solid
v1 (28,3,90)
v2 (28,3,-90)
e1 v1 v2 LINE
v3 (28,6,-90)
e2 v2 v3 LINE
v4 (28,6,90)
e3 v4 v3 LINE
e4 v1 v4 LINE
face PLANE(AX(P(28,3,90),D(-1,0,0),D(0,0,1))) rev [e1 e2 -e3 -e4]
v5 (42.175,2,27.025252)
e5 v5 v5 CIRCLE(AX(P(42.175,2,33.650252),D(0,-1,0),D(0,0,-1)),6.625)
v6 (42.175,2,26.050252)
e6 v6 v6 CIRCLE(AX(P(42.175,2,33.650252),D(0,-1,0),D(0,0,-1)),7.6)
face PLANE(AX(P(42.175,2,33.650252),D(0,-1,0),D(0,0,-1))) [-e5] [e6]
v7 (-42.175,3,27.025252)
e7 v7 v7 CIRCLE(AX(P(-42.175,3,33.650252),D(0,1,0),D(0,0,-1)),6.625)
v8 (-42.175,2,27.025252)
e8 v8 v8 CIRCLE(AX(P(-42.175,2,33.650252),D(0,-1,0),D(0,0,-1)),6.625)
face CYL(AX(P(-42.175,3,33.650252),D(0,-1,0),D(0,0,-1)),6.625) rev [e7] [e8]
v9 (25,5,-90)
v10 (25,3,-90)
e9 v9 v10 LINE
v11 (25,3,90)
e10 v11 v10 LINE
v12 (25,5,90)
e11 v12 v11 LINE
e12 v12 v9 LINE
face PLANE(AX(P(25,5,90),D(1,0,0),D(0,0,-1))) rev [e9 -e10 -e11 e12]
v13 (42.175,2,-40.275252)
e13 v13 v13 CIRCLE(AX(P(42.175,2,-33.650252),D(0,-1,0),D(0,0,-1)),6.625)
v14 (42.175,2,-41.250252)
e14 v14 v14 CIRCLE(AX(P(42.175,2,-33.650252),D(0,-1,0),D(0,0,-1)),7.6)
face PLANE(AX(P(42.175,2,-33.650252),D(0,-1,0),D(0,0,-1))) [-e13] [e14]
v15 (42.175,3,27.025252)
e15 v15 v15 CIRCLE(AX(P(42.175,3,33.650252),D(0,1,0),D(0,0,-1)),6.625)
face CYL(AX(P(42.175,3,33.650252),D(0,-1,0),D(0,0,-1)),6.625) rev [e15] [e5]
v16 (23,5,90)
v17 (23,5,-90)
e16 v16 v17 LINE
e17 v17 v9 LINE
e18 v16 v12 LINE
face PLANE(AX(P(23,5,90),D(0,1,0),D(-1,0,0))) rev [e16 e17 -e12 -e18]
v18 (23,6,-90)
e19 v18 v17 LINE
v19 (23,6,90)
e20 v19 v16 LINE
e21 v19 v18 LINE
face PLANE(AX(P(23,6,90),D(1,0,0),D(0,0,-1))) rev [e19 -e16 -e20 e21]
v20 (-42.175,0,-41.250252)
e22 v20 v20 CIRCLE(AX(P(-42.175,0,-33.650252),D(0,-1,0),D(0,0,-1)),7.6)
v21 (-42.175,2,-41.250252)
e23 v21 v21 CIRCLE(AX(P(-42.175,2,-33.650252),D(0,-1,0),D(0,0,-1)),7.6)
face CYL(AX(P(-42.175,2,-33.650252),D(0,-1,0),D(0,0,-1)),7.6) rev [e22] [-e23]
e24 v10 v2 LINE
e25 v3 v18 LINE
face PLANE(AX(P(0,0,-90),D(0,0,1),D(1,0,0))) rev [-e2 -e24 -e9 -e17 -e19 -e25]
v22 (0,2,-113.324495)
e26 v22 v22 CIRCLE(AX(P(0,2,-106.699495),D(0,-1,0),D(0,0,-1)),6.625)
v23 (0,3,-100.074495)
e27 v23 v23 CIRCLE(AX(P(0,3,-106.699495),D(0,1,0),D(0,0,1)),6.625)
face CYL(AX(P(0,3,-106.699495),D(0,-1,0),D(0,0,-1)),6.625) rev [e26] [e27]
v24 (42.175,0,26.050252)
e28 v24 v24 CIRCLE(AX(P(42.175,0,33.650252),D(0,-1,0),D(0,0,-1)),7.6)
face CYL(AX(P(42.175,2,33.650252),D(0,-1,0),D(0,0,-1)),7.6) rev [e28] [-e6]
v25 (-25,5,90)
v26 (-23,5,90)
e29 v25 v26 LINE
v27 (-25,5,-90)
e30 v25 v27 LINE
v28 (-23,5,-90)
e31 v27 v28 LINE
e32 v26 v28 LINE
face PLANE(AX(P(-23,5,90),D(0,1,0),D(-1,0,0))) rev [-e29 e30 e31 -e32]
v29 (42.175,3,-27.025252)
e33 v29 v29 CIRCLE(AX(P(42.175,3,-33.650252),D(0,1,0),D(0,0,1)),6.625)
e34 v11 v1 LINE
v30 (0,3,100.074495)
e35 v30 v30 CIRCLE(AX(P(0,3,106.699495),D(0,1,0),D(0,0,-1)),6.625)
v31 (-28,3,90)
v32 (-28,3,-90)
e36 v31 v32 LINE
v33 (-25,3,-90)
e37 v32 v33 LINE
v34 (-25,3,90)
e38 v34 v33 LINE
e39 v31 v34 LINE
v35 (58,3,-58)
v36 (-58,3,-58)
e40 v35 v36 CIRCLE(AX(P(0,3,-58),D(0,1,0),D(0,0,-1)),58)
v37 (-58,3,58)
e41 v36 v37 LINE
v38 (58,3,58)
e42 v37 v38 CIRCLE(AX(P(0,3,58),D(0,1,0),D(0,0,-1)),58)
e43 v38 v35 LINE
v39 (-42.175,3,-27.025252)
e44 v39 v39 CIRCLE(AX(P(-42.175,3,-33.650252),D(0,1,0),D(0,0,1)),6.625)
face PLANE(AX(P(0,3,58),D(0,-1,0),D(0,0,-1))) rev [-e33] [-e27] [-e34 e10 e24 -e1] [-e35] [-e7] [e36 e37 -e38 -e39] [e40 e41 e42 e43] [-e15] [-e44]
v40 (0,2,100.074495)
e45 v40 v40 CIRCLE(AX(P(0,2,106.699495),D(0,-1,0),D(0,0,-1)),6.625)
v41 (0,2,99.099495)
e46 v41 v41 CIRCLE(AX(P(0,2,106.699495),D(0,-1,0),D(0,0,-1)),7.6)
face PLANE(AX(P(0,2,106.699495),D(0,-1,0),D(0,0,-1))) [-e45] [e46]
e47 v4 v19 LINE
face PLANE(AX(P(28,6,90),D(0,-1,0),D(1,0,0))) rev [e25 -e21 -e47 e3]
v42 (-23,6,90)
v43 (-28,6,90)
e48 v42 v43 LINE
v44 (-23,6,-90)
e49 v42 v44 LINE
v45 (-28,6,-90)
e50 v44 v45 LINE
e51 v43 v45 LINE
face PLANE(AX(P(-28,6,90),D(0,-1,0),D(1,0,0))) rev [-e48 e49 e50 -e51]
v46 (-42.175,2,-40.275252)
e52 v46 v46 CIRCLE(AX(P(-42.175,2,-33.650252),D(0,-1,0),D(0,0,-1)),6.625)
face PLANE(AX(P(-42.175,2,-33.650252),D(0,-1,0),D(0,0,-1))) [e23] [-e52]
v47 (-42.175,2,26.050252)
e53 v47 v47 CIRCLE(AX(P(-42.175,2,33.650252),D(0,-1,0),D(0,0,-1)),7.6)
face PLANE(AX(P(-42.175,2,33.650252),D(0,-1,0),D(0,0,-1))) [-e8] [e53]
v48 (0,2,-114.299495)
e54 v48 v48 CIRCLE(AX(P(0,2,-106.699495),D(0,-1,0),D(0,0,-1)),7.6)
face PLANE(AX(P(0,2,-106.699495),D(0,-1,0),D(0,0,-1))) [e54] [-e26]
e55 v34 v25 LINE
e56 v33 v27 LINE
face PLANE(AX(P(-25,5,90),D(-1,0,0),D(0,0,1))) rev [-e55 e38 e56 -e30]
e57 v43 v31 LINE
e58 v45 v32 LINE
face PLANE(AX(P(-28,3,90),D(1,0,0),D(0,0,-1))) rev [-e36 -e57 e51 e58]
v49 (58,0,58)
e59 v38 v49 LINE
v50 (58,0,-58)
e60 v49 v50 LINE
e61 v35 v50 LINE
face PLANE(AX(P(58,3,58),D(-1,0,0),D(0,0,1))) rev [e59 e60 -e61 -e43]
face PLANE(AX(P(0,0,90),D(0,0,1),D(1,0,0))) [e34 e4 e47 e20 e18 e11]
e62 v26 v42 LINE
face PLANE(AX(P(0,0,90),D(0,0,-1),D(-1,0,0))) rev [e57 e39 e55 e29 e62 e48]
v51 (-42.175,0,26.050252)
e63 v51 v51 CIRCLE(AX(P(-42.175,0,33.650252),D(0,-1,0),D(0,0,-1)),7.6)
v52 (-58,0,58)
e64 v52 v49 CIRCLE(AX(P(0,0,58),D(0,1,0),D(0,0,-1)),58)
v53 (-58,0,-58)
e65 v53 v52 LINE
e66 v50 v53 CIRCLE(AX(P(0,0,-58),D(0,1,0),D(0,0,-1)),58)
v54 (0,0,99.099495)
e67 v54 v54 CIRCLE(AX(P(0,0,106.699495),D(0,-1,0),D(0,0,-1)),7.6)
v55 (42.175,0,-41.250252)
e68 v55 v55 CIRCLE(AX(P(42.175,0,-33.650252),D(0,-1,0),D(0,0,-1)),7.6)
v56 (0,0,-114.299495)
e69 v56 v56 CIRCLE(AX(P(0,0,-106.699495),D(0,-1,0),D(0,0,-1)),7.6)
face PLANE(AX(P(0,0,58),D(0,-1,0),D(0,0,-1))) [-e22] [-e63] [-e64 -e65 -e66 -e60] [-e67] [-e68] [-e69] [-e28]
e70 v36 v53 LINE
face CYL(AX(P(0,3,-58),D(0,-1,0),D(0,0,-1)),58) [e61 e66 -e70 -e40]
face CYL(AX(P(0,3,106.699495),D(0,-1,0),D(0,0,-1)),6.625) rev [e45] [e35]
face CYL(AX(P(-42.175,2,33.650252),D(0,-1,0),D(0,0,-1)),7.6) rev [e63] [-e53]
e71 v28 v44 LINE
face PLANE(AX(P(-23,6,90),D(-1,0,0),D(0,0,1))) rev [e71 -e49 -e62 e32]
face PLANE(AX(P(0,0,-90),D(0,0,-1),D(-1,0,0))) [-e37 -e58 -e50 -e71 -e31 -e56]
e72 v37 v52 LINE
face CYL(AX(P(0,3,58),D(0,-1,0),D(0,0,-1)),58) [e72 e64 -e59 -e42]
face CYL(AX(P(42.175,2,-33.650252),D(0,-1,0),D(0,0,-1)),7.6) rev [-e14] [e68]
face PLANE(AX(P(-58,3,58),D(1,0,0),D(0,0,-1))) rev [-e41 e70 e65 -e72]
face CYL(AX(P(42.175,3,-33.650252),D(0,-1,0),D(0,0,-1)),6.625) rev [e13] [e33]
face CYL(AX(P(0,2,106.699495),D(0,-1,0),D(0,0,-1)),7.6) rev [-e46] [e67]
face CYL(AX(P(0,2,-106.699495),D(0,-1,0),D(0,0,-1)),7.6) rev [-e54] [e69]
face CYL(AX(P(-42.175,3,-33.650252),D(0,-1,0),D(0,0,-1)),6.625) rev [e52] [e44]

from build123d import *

# Parameters (mm, degrees)
SKETCH1_R           = 6.625
BOSS_EXTRUDE1_DEPTH = 3
SKETCH2_R           = 7.6
CUT_EXTRUDE1_DEPTH  = 2
BOSS_EXTRUDE2_DEPTH = 90


with BuildPart() as part:
    # Sketch1 → Boss-Extrude1 (new body)
    with BuildSketch(Plane(origin=(0, 0, 0), x_dir=(1, 0, 0), z_dir=(0, 1, 0))):
        with BuildLine():
            Line((58, -58), (58, 58))
            ThreePointArc((58, 58), (0, 116), (-58, 58))
            Line((-58, 58), (-58, -58))
            ThreePointArc((-58, -58), (0, -116), (58, -58))
        make_face()
        with Locations((0, 106.699495206)):
            Circle(SKETCH1_R, mode=Mode.SUBTRACT)
        with Locations((42.175, 33.650252397)):
            Circle(SKETCH1_R, mode=Mode.SUBTRACT)
        with Locations((-42.175, 33.650252397)):
            Circle(SKETCH1_R, mode=Mode.SUBTRACT)
        with Locations((-42.175, -33.650252397)):
            Circle(SKETCH1_R, mode=Mode.SUBTRACT)
        with Locations((0, -106.699495206)):
            Circle(SKETCH1_R, mode=Mode.SUBTRACT)
        with Locations((42.175, -33.650252397)):
            Circle(SKETCH1_R, mode=Mode.SUBTRACT)
    extrude(amount=BOSS_EXTRUDE1_DEPTH)

    # Sketch2 → Cut-Extrude1 (cut)
    with BuildSketch(Plane.XZ):
        with Locations((42.175, -33.650252397)):
            Circle(SKETCH2_R)
        with Locations((-42.175, -33.650252397)):
            Circle(SKETCH2_R)
        with Locations((0, -106.699495206)):
            Circle(SKETCH2_R)
        with Locations((42.175, 33.650252397)):
            Circle(SKETCH2_R)
        with Locations((0, 106.699495206)):
            Circle(SKETCH2_R)
        with Locations((-42.175, 33.650252397)):
            Circle(SKETCH2_R)
    extrude(amount=-CUT_EXTRUDE1_DEPTH, mode=Mode.SUBTRACT)

    # Sketch3 → Boss-Extrude2 (add, symmetric)
    with BuildSketch(Plane.XY):
        Polygon((-23, 5), (-25, 5), (-25, 3), (-28, 3), (-28, 6), (-23, 6), align=None)
        Polygon((28, 3), (28, 6), (23, 6), (23, 5), (25, 5), (25, 3), align=None)
    extrude(amount=BOSS_EXTRUDE2_DEPTH, both=True)


solid = part.part
